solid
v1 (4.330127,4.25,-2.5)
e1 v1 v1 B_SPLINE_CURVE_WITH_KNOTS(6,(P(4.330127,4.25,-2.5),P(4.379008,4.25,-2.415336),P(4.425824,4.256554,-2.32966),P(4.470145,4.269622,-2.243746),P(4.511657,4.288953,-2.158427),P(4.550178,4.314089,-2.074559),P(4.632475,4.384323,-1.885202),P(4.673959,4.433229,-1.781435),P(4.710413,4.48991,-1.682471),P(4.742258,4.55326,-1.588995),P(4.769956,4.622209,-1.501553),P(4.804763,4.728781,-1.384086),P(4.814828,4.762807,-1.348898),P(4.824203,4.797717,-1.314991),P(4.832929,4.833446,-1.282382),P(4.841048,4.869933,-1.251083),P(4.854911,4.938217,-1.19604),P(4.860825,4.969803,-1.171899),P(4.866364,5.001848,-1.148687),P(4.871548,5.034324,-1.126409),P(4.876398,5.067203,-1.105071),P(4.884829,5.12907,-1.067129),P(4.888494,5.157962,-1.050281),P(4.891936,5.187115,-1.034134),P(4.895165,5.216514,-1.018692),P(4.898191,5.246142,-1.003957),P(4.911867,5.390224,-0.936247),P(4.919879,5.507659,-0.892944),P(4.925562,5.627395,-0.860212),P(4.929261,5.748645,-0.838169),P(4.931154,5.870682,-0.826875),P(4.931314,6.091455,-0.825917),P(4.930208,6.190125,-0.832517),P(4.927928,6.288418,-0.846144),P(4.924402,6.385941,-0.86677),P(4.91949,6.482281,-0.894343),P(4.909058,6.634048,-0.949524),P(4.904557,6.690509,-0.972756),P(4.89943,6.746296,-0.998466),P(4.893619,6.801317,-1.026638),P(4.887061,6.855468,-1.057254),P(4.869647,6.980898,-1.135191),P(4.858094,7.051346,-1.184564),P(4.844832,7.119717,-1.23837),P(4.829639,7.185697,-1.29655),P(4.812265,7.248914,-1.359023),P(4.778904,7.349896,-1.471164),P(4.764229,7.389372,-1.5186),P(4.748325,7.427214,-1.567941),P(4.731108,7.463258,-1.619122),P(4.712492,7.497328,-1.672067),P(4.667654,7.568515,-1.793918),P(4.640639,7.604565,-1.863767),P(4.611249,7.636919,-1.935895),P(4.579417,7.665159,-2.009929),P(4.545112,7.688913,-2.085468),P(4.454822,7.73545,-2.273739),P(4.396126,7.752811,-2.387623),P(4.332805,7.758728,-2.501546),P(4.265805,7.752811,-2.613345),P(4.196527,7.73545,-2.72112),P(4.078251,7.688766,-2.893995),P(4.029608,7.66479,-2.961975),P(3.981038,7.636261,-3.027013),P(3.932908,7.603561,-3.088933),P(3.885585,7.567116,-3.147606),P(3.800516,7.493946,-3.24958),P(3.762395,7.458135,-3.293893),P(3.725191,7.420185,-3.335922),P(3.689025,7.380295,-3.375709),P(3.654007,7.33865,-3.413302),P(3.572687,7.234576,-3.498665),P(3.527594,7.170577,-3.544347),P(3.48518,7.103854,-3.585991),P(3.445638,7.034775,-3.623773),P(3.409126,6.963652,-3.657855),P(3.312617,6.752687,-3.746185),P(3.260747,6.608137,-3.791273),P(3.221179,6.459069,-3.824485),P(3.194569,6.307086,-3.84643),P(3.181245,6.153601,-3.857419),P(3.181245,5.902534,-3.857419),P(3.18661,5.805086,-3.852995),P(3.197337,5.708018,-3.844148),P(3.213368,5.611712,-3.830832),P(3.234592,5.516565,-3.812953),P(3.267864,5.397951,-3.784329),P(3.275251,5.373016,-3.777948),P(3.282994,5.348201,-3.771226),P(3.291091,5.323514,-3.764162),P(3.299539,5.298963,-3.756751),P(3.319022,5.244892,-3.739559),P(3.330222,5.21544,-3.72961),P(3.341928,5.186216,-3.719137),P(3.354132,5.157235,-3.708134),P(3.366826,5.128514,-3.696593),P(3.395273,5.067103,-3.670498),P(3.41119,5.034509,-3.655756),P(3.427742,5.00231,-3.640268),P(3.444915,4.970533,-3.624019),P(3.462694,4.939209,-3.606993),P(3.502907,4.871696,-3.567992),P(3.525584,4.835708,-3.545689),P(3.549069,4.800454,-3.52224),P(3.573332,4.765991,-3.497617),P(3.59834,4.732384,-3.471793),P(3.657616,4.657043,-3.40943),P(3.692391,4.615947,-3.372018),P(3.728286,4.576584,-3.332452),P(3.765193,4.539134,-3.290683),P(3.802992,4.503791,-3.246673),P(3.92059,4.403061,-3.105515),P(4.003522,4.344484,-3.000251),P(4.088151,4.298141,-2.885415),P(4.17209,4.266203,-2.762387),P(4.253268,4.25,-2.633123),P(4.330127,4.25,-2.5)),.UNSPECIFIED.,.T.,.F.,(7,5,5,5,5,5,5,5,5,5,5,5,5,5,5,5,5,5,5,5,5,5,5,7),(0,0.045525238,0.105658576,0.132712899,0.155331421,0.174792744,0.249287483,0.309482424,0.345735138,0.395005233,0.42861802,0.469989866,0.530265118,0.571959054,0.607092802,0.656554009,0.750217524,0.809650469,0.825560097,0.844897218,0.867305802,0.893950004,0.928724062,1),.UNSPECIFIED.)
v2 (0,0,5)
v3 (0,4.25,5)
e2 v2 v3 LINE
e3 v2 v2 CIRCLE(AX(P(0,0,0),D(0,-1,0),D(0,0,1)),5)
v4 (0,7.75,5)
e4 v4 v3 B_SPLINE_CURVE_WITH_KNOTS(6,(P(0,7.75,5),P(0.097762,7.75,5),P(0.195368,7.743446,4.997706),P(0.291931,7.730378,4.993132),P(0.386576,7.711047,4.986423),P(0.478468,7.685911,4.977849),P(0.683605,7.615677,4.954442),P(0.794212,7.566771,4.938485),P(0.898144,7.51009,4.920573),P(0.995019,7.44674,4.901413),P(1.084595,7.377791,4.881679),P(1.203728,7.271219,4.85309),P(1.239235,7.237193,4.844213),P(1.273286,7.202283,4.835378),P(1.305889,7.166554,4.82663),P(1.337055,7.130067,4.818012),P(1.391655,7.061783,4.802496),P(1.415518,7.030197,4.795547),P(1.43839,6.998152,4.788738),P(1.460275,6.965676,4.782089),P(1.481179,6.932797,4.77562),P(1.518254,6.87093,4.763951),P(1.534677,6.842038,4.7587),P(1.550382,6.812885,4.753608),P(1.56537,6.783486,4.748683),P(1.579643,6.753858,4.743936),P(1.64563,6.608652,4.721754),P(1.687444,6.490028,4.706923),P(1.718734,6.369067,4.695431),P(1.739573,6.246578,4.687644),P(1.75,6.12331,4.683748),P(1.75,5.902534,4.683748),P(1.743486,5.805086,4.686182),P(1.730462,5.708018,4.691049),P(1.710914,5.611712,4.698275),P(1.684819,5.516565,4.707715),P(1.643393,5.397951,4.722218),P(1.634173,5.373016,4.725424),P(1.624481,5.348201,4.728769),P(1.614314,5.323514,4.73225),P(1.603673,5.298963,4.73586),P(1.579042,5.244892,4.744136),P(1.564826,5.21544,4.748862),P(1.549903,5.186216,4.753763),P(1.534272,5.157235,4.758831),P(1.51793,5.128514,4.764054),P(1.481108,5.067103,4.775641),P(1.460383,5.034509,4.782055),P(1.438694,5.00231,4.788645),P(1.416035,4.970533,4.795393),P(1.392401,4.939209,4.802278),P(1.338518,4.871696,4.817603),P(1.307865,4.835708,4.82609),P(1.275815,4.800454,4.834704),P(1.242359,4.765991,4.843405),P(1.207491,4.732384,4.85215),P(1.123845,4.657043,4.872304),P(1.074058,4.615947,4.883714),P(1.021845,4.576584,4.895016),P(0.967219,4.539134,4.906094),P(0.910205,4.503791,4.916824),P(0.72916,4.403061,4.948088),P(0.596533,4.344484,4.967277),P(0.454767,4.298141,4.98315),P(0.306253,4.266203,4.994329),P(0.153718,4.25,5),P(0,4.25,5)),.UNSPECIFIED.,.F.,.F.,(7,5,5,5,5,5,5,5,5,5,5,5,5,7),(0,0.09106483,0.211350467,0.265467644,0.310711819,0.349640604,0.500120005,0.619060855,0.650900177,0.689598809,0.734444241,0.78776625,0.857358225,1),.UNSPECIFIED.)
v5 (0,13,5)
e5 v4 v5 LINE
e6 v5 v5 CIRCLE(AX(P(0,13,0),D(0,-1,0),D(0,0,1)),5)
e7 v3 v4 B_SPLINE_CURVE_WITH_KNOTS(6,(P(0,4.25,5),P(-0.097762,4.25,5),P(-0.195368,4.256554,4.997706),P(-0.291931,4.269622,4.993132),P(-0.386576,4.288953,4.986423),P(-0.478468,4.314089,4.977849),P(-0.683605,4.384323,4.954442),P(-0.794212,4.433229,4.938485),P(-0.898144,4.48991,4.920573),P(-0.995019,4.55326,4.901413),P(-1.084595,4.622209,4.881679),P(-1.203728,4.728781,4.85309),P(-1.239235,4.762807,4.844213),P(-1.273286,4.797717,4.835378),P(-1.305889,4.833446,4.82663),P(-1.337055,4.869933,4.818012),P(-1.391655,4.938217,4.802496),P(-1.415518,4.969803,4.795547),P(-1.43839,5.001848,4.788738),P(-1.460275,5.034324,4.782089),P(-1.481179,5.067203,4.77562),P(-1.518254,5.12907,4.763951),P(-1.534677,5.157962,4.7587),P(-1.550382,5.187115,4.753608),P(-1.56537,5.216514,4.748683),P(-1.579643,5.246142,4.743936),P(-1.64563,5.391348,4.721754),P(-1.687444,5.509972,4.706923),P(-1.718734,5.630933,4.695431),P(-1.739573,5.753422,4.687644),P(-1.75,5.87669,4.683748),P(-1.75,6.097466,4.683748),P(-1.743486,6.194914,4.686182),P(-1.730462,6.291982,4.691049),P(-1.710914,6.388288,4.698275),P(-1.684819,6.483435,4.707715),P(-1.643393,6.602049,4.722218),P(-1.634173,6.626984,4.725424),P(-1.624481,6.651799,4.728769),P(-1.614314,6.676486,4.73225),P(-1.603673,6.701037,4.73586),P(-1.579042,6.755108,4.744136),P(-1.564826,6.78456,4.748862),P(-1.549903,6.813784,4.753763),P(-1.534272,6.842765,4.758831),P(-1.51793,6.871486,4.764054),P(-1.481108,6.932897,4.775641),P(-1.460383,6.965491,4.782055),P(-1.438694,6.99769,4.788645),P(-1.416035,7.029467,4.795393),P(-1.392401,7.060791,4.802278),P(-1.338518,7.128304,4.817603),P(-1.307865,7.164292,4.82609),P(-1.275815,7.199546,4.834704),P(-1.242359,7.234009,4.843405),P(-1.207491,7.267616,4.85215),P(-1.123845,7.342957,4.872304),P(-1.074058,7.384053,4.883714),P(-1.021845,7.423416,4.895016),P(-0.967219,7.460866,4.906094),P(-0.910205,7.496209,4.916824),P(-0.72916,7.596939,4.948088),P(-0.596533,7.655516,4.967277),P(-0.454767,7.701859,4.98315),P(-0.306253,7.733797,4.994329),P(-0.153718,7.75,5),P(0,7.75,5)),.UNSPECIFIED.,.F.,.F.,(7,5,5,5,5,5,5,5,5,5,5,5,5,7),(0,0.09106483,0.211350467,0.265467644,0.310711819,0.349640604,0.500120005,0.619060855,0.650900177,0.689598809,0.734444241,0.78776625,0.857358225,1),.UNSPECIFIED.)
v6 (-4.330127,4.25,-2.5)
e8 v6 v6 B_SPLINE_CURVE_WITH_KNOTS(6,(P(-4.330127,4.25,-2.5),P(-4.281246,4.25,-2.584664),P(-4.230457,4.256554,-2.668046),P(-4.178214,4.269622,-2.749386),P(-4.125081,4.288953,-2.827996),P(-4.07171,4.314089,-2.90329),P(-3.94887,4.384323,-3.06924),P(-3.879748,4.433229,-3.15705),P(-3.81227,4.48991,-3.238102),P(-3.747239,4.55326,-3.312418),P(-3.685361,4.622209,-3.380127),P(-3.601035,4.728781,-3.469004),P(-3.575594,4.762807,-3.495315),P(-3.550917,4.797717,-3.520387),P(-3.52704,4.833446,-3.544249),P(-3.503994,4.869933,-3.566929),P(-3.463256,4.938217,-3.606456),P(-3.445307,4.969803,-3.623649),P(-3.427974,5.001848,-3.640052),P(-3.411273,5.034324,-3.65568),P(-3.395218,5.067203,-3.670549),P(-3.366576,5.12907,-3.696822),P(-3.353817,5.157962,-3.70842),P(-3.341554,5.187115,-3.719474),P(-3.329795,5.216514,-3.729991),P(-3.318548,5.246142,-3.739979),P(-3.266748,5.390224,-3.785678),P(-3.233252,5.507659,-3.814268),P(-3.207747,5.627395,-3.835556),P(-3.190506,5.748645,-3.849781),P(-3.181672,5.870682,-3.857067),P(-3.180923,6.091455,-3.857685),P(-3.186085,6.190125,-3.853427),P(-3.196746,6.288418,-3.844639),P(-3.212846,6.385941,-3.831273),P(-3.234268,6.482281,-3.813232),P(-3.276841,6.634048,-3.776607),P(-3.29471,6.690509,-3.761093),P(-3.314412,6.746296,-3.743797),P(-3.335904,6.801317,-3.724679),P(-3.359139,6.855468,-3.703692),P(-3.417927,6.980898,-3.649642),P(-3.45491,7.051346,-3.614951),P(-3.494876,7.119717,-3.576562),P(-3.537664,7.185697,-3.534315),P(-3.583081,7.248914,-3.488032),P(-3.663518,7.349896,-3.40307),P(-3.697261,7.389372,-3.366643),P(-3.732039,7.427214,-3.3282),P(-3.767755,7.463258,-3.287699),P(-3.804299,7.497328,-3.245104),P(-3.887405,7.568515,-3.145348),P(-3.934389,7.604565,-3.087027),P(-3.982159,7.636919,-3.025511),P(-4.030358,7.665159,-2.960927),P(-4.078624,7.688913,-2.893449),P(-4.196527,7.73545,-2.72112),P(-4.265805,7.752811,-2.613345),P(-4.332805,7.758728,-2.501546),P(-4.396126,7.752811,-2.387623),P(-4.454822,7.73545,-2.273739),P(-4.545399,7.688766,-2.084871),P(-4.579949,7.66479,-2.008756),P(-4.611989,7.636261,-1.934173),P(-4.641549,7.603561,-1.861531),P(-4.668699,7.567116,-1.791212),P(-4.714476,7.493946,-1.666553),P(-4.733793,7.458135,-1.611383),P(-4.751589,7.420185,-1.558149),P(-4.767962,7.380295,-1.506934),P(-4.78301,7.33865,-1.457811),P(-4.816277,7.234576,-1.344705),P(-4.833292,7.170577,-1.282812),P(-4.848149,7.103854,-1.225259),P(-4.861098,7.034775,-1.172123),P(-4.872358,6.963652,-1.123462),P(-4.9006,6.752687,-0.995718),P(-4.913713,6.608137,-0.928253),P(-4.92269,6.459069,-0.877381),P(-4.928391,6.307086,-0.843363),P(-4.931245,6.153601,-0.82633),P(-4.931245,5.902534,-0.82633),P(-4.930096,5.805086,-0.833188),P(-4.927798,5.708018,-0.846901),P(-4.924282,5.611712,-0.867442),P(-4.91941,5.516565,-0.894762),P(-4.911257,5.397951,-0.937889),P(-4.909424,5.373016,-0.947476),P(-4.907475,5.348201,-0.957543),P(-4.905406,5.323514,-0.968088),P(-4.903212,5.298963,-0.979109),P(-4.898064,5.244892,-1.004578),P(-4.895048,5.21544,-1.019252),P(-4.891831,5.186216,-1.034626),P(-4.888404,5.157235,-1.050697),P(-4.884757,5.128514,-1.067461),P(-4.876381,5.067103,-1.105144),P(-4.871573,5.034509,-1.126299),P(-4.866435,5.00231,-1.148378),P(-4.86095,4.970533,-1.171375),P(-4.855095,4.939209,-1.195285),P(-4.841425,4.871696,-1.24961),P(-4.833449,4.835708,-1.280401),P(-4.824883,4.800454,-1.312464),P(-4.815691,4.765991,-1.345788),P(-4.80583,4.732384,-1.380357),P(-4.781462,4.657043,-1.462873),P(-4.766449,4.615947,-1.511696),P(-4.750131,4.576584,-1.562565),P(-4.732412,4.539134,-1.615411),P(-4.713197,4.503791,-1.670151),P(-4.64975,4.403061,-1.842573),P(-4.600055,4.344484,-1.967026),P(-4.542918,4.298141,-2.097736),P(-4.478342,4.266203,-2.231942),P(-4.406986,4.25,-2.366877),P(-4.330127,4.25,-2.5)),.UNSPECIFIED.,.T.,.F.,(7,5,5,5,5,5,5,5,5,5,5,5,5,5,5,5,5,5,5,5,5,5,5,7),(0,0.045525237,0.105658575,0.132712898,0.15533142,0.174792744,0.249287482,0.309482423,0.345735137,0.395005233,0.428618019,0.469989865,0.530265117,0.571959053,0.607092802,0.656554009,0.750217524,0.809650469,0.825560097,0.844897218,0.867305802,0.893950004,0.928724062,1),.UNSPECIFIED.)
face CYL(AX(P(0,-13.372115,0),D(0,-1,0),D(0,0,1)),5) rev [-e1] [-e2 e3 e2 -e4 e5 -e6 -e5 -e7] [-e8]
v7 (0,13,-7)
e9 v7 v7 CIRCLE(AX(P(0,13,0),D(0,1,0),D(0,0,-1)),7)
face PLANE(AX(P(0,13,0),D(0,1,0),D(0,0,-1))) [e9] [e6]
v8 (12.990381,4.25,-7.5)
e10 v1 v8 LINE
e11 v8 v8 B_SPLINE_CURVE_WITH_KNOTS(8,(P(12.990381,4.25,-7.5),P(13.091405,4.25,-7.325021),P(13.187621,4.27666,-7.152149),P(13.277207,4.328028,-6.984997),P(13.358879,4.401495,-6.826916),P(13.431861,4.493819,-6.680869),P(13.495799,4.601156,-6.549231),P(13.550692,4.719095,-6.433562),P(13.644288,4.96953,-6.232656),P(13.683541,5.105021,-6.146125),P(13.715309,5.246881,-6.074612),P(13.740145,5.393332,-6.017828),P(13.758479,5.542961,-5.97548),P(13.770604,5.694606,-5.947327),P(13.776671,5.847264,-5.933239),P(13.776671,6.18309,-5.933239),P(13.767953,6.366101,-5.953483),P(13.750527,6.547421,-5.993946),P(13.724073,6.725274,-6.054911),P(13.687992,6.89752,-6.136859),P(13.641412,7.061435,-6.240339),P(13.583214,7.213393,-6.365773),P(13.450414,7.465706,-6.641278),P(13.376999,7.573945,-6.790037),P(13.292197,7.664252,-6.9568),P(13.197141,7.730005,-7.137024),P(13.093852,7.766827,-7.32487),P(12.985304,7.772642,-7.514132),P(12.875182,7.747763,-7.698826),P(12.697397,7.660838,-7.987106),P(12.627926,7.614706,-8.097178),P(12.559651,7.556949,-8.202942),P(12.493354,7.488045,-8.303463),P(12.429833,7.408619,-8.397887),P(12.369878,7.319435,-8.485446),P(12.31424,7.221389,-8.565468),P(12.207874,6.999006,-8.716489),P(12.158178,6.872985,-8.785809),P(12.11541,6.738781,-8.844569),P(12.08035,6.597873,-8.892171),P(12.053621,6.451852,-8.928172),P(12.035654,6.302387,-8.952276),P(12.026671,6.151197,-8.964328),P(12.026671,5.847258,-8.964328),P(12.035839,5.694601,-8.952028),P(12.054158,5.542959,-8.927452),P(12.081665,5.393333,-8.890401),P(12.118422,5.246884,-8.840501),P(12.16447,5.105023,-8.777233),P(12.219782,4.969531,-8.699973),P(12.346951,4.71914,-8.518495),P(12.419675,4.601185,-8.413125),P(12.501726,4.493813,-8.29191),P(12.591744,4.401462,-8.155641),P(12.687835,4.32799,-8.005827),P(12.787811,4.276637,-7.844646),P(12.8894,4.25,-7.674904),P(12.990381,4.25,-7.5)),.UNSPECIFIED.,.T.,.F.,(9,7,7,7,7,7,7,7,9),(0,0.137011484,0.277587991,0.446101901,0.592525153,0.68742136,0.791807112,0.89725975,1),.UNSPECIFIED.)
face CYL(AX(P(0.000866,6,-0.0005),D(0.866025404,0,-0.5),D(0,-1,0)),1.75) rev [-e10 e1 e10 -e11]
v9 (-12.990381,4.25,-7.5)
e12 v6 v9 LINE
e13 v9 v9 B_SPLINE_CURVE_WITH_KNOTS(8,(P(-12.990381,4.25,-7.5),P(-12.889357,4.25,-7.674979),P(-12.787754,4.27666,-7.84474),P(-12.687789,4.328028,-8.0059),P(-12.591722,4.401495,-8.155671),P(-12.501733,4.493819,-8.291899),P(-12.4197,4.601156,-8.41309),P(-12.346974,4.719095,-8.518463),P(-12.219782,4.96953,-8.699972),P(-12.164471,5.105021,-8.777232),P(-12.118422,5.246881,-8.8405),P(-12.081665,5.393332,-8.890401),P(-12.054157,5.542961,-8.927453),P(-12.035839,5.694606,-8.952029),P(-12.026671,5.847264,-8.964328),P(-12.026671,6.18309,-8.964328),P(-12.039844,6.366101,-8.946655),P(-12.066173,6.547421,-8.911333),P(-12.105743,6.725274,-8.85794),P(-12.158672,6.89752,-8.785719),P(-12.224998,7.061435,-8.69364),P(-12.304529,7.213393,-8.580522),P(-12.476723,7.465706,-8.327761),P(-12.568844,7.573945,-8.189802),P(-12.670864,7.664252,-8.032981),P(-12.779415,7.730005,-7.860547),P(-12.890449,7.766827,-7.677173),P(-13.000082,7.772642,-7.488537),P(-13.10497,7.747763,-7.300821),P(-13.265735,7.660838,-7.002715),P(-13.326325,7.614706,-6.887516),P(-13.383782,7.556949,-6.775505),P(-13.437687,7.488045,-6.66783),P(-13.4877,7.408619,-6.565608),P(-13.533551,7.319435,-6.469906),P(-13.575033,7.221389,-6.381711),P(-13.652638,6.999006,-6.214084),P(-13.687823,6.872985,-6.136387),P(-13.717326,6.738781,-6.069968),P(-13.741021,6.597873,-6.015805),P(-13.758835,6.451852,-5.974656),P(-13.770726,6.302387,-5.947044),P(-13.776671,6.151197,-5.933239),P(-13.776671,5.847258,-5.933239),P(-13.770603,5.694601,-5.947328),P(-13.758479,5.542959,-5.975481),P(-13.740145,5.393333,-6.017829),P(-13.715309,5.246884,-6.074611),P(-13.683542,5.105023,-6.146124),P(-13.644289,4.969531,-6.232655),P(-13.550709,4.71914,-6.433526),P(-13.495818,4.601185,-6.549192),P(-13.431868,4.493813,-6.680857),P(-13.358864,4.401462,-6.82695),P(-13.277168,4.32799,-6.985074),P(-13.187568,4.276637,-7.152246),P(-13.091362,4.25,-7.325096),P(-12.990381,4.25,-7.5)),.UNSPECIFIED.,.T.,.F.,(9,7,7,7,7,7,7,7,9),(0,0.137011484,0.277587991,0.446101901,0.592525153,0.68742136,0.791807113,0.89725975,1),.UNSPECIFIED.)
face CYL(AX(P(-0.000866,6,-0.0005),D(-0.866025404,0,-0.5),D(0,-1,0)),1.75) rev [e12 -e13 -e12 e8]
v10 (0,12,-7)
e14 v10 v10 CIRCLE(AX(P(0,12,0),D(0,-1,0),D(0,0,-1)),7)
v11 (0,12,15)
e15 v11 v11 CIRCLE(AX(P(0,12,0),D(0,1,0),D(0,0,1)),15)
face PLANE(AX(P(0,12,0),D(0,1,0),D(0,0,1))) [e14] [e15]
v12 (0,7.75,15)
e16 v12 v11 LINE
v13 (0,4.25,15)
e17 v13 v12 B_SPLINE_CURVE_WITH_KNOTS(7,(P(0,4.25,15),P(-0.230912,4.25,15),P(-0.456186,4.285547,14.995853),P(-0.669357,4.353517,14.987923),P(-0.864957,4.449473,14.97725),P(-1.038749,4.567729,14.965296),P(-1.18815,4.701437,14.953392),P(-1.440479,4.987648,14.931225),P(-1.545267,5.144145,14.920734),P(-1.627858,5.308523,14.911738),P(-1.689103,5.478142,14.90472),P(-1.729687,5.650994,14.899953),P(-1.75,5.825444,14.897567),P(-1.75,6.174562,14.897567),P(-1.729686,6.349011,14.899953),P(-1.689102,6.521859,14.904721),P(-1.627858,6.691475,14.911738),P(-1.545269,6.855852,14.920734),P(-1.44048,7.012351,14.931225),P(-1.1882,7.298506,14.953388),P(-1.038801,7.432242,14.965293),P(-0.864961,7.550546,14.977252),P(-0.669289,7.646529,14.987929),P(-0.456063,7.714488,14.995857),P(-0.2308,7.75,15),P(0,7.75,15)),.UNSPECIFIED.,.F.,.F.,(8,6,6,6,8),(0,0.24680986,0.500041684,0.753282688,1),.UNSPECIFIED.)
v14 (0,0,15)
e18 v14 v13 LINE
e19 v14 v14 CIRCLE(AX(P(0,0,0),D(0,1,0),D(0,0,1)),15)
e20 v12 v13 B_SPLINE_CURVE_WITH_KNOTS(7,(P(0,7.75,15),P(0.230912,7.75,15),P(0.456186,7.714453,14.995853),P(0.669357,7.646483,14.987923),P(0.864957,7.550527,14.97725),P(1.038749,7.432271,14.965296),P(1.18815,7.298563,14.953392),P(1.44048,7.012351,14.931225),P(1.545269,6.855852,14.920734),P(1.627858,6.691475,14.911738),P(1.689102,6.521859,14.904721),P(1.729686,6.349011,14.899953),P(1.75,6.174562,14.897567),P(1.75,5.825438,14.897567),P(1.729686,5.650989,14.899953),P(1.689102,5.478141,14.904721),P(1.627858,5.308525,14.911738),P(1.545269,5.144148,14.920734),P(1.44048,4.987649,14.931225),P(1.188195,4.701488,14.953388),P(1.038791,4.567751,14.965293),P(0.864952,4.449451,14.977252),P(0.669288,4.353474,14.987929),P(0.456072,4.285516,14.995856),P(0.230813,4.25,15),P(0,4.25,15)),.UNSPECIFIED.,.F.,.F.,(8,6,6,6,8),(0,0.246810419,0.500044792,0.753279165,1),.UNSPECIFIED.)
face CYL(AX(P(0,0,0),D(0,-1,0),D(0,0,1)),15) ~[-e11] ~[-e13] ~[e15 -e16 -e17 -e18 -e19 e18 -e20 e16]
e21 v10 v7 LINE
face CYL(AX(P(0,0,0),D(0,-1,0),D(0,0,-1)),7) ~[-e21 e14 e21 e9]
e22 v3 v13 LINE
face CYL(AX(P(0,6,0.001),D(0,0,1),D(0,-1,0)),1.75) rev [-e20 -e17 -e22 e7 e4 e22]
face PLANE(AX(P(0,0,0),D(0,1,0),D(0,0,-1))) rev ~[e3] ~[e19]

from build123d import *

# Parameters (mm, degrees)
SKETCH1_R               = 15
BOSS_EXTRUDE1_DEPTH     = 12
SKETCH13_R              = 7
BOSS_EXTRUDE3_DEPTH     = 13
CUT_EXTRUDE2_DEPTH      = 25.372115214
CUT_EXTRUDE2_DEPTH_BACK = 25.372115214
SKETCH2_R               = 5
CIRPATTERN1_COUNT       = 3


with BuildPart() as part:
    # Sketch1 → Boss-Extrude1 (new body)
    with BuildSketch(Plane(origin=(0, 0, 0), x_dir=(1, 0, 0), z_dir=(0, 1, 0))):
        with Locations(Location((0, 0, 0), (0, 0, 270))):
            Circle(SKETCH1_R)
    extrude(amount=BOSS_EXTRUDE1_DEPTH)

    # Sketch13 → Boss-Extrude3 (add)
    with BuildSketch(Plane(origin=(0, 0, 0), x_dir=(1, 0, 0), z_dir=(0, 1, 0))):
        with Locations(Location((0, 0, 0), (0, 0, 90))):
            Circle(SKETCH13_R)
    extrude(amount=BOSS_EXTRUDE3_DEPTH)

    # Sketch2 → Cut-Extrude2 (cut, two sides: drawn at the far end of the back side and taken through both)
    with BuildSketch(Plane(origin=(0, 12, 0), x_dir=(1, 0, 0), z_dir=(0, 1, 0)).offset(-CUT_EXTRUDE2_DEPTH_BACK)):
        with Locations(Location((0, 0, 0), (0, 0, 270))):
            Circle(SKETCH2_R)
    extrude(amount=CUT_EXTRUDE2_DEPTH + CUT_EXTRUDE2_DEPTH_BACK, mode=Mode.SUBTRACT)

    # Sketch16 → Ø4.0mm Dowel Hole1 (revolve, cut)
    with BuildSketch(Plane(origin=(0, 6, 15), x_dir=(0, -1, 0), z_dir=(1, 0, 0))):
        Polygon((0, 0), (0, 16.050506083), (1.75, 14.999), (1.75, 0), align=None)
    f_4_0mm_dowel_hole1 = revolve(axis=Axis((0, 6, 21.35), (0, 0, -1)), mode=Mode.SUBTRACT)

    # CirPattern1: Ø4.0mm Dowel Hole1 ×3 about axis
    cirpattern1_axis = Axis((0, 0, 0), (0, 1, 0))
    for i in range(1, CIRPATTERN1_COUNT):
        add(f_4_0mm_dowel_hole1.rotate(cirpattern1_axis, i * 360 / CIRPATTERN1_COUNT), mode=Mode.SUBTRACT)


solid = part.part
